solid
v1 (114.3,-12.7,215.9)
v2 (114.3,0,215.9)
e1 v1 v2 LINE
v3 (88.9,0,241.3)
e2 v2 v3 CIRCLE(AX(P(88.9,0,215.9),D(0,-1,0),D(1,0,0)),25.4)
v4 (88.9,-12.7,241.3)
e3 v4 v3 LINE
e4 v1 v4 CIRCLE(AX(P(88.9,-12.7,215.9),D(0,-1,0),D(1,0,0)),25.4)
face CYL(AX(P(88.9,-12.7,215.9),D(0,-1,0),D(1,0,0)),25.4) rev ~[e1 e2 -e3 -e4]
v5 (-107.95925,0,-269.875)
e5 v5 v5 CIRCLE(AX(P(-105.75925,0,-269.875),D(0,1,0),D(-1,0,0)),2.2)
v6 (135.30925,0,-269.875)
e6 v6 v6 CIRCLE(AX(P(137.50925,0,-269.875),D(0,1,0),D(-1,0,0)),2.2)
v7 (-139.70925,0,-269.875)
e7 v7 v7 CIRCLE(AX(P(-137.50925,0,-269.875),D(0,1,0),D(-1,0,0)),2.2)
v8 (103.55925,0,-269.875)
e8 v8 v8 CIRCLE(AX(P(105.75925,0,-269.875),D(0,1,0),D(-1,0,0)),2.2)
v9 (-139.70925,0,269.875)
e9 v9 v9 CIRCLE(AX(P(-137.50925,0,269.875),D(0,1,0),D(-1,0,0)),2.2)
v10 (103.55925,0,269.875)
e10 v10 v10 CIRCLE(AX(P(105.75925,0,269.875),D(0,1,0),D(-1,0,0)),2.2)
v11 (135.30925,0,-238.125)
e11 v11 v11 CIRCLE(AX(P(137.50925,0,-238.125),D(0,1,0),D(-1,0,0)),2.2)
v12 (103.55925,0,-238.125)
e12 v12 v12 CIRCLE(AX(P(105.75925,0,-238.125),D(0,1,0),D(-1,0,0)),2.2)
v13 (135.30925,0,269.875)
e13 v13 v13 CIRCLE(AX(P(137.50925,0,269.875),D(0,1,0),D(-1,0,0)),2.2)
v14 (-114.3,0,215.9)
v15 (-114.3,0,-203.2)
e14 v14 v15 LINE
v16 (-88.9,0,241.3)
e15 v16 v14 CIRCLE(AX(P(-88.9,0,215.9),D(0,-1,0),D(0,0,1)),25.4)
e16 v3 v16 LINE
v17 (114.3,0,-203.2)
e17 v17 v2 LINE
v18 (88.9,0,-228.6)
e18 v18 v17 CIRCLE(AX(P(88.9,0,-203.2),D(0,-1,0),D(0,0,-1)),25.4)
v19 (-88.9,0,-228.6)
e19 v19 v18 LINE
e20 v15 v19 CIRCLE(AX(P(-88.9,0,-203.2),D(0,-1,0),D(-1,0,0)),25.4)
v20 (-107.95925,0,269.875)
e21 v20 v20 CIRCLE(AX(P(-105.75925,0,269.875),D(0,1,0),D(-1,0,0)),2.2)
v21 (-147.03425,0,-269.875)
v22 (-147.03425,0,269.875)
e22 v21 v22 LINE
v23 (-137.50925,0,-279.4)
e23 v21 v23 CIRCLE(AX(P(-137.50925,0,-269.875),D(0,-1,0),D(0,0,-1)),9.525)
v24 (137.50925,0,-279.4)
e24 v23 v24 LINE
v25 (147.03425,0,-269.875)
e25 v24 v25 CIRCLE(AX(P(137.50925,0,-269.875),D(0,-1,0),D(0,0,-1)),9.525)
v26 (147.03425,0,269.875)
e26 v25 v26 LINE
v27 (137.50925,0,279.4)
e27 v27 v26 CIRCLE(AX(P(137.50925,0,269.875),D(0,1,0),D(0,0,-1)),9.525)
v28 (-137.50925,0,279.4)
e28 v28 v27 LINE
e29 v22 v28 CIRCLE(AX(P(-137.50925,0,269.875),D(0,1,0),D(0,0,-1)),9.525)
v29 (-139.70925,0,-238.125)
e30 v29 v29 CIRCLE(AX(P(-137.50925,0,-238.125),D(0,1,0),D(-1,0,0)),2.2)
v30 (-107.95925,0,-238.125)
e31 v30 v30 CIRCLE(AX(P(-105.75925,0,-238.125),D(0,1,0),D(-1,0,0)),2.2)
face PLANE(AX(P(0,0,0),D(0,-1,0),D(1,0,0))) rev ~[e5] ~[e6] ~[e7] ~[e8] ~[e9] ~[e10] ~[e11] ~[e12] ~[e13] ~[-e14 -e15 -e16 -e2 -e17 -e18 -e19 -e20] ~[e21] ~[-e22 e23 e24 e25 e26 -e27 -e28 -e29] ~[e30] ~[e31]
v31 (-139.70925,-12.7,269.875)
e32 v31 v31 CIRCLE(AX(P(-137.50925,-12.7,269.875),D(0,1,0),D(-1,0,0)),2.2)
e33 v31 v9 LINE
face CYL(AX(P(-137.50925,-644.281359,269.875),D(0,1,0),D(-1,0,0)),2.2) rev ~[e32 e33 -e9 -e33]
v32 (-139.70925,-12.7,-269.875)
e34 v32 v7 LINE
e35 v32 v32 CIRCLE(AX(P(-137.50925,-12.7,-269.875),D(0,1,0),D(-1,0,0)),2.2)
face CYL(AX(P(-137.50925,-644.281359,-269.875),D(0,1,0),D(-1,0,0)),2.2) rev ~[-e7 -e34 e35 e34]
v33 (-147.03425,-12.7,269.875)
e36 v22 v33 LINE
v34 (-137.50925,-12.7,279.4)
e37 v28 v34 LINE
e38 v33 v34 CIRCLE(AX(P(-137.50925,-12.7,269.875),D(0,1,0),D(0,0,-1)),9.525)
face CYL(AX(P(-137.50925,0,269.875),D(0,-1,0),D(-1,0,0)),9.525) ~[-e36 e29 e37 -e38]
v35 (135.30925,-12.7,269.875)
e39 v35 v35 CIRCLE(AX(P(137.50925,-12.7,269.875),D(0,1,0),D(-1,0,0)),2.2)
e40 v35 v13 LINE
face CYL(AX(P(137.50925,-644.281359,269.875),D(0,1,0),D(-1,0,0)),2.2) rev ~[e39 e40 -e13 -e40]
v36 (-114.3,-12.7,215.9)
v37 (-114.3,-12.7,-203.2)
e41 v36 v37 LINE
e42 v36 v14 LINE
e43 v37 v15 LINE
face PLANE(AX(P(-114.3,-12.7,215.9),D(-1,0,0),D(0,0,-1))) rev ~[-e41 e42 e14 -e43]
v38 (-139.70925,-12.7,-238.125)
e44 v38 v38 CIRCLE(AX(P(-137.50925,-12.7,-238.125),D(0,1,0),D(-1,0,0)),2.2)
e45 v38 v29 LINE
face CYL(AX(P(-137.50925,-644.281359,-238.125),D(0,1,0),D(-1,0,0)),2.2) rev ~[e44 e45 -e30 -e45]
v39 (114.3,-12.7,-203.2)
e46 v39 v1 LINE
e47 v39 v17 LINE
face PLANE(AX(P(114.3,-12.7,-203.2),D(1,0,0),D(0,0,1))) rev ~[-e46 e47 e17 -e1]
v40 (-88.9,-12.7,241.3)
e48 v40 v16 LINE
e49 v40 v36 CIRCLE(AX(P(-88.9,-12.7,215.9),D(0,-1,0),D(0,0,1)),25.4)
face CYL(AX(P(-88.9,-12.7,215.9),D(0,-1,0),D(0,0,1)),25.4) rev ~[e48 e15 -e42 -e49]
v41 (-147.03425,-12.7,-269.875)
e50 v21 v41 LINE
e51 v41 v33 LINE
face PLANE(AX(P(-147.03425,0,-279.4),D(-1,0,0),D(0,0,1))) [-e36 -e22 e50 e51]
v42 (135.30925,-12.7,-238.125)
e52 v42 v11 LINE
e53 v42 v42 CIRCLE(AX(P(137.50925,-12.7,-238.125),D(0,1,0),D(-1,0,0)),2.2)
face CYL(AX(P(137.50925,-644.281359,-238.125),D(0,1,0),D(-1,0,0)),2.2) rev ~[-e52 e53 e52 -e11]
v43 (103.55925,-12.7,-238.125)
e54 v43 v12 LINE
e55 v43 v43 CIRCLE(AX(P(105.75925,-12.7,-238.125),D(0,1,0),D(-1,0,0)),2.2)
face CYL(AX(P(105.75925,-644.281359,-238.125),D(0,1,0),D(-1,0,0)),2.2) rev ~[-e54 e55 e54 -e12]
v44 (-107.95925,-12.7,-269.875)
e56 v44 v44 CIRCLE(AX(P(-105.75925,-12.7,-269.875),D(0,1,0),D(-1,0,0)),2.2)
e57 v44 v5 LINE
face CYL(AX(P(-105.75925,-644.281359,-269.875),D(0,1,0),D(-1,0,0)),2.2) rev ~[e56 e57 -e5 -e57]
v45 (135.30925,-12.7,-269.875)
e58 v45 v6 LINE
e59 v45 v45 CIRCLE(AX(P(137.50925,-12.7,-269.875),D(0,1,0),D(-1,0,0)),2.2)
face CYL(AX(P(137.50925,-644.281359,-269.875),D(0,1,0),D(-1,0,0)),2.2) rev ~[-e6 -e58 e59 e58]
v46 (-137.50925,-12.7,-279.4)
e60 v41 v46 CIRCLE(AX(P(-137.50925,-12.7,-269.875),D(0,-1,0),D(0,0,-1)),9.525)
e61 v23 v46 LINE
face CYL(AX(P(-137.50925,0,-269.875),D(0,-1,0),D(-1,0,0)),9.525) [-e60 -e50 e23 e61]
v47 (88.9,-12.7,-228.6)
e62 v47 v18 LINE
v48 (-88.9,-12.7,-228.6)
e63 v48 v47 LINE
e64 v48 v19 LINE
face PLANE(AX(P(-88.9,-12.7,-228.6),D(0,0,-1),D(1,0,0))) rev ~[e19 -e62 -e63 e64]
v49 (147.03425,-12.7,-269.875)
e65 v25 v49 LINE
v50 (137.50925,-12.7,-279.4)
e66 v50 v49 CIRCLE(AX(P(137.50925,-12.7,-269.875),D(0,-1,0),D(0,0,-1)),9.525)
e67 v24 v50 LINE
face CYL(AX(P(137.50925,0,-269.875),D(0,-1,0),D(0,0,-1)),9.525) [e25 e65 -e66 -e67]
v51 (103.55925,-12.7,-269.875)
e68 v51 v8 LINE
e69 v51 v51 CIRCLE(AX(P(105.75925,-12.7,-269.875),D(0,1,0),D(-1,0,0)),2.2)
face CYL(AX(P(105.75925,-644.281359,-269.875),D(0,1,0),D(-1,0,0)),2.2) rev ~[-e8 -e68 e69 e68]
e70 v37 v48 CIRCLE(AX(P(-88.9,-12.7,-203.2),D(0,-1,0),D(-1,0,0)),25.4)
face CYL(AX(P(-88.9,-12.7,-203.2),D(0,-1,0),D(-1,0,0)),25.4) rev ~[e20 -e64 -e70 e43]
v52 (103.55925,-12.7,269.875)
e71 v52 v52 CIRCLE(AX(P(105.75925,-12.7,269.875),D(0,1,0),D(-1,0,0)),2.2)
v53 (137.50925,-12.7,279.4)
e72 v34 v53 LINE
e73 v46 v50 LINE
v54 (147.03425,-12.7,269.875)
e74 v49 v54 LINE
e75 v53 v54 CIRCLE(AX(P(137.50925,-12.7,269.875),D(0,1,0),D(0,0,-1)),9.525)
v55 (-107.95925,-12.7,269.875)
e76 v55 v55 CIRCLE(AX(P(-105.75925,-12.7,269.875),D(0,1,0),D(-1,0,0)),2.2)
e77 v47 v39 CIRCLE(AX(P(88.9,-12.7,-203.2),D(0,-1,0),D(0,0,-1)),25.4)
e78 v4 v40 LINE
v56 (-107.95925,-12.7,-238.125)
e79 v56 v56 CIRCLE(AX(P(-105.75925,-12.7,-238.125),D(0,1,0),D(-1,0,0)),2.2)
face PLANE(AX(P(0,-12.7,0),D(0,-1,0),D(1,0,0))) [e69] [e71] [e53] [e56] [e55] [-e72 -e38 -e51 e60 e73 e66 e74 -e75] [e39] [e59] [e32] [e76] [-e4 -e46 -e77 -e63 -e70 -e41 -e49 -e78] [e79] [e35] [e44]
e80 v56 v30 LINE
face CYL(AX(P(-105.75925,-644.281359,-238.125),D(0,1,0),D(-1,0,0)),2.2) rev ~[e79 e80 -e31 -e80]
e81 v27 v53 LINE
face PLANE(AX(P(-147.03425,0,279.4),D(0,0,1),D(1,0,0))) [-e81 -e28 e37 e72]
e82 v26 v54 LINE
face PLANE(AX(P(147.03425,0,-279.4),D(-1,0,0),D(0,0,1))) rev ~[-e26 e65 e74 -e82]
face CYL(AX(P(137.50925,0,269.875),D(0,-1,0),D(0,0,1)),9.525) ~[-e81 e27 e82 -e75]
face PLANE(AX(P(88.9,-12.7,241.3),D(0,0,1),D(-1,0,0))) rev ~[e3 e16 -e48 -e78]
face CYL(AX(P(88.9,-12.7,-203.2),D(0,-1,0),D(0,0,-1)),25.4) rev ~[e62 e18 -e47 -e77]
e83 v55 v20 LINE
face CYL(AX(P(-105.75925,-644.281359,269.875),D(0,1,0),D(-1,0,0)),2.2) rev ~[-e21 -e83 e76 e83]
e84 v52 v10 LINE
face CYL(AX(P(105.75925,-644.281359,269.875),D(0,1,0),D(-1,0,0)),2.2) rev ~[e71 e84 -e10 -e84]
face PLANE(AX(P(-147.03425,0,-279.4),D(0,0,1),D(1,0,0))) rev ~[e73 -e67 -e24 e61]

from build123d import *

# Parameters (mm, degrees)
F0_W     = 294.0685
F0_H     = 558.8
F1_DEPTH = 12.7
F3_D     = 4.4
F4_R     = 9.525
F6_DEPTH = 12.701


with BuildPart() as f1:
    # F0 (on Front) → F1 (new body)
    with BuildSketch(Plane.XZ):
        Rectangle(F0_W, F0_H)
    extrude(amount=F1_DEPTH)

    # F3 (through all)
    with Locations(Plane.XZ.offset(12.7)):
        with Locations((-137.50925, 269.875), (-105.75925, 269.875), (105.75925, 269.875), (137.50925, 269.875), (105.75925, -238.125), (137.50925, -238.125), (137.50925, -269.875), (105.75925, -269.875), (-105.75925, -269.875), (-137.50925, -269.875), (-137.50925, -238.125), (-105.75925, -238.125)):
            Hole(F3_D / 2)

    # F4
    f4_edges = [f1.edges().sort_by_distance(p)[0] for p in [
        (147.03425, -6.35, 279.4),
        (147.03425, -6.35, -279.4),
        (-147.03425, -6.35, -279.4),
        (-147.03425, -6.35, 279.4),
    ]]
    fillet(f4_edges, radius=F4_R)

    # F5 (on face) → F6 (cut, through all)
    with BuildSketch(Plane.XZ.offset(12.7)):
        with BuildLine():
            Line((88.9, 241.3), (-88.9, 241.3))
            ThreePointArc((-88.9, 241.3), (-106.8605122421, 233.8605122421), (-114.3, 215.9))
            Line((-114.3, 215.9), (-114.3, -203.2))
            ThreePointArc((-114.3, -203.2), (-106.8605122421, -221.1605122421), (-88.9, -228.6))
            Line((-88.9, -228.6), (88.9, -228.6))
            ThreePointArc((88.9, -228.6), (106.8605122421, -221.1605122421), (114.3, -203.2))
            Line((114.3, -203.2), (114.3, 215.9))
            ThreePointArc((114.3, 215.9), (106.8605122421, 233.8605122421), (88.9, 241.3))
        make_face()
    extrude(amount=-F6_DEPTH, mode=Mode.SUBTRACT)


solid = f1.part
